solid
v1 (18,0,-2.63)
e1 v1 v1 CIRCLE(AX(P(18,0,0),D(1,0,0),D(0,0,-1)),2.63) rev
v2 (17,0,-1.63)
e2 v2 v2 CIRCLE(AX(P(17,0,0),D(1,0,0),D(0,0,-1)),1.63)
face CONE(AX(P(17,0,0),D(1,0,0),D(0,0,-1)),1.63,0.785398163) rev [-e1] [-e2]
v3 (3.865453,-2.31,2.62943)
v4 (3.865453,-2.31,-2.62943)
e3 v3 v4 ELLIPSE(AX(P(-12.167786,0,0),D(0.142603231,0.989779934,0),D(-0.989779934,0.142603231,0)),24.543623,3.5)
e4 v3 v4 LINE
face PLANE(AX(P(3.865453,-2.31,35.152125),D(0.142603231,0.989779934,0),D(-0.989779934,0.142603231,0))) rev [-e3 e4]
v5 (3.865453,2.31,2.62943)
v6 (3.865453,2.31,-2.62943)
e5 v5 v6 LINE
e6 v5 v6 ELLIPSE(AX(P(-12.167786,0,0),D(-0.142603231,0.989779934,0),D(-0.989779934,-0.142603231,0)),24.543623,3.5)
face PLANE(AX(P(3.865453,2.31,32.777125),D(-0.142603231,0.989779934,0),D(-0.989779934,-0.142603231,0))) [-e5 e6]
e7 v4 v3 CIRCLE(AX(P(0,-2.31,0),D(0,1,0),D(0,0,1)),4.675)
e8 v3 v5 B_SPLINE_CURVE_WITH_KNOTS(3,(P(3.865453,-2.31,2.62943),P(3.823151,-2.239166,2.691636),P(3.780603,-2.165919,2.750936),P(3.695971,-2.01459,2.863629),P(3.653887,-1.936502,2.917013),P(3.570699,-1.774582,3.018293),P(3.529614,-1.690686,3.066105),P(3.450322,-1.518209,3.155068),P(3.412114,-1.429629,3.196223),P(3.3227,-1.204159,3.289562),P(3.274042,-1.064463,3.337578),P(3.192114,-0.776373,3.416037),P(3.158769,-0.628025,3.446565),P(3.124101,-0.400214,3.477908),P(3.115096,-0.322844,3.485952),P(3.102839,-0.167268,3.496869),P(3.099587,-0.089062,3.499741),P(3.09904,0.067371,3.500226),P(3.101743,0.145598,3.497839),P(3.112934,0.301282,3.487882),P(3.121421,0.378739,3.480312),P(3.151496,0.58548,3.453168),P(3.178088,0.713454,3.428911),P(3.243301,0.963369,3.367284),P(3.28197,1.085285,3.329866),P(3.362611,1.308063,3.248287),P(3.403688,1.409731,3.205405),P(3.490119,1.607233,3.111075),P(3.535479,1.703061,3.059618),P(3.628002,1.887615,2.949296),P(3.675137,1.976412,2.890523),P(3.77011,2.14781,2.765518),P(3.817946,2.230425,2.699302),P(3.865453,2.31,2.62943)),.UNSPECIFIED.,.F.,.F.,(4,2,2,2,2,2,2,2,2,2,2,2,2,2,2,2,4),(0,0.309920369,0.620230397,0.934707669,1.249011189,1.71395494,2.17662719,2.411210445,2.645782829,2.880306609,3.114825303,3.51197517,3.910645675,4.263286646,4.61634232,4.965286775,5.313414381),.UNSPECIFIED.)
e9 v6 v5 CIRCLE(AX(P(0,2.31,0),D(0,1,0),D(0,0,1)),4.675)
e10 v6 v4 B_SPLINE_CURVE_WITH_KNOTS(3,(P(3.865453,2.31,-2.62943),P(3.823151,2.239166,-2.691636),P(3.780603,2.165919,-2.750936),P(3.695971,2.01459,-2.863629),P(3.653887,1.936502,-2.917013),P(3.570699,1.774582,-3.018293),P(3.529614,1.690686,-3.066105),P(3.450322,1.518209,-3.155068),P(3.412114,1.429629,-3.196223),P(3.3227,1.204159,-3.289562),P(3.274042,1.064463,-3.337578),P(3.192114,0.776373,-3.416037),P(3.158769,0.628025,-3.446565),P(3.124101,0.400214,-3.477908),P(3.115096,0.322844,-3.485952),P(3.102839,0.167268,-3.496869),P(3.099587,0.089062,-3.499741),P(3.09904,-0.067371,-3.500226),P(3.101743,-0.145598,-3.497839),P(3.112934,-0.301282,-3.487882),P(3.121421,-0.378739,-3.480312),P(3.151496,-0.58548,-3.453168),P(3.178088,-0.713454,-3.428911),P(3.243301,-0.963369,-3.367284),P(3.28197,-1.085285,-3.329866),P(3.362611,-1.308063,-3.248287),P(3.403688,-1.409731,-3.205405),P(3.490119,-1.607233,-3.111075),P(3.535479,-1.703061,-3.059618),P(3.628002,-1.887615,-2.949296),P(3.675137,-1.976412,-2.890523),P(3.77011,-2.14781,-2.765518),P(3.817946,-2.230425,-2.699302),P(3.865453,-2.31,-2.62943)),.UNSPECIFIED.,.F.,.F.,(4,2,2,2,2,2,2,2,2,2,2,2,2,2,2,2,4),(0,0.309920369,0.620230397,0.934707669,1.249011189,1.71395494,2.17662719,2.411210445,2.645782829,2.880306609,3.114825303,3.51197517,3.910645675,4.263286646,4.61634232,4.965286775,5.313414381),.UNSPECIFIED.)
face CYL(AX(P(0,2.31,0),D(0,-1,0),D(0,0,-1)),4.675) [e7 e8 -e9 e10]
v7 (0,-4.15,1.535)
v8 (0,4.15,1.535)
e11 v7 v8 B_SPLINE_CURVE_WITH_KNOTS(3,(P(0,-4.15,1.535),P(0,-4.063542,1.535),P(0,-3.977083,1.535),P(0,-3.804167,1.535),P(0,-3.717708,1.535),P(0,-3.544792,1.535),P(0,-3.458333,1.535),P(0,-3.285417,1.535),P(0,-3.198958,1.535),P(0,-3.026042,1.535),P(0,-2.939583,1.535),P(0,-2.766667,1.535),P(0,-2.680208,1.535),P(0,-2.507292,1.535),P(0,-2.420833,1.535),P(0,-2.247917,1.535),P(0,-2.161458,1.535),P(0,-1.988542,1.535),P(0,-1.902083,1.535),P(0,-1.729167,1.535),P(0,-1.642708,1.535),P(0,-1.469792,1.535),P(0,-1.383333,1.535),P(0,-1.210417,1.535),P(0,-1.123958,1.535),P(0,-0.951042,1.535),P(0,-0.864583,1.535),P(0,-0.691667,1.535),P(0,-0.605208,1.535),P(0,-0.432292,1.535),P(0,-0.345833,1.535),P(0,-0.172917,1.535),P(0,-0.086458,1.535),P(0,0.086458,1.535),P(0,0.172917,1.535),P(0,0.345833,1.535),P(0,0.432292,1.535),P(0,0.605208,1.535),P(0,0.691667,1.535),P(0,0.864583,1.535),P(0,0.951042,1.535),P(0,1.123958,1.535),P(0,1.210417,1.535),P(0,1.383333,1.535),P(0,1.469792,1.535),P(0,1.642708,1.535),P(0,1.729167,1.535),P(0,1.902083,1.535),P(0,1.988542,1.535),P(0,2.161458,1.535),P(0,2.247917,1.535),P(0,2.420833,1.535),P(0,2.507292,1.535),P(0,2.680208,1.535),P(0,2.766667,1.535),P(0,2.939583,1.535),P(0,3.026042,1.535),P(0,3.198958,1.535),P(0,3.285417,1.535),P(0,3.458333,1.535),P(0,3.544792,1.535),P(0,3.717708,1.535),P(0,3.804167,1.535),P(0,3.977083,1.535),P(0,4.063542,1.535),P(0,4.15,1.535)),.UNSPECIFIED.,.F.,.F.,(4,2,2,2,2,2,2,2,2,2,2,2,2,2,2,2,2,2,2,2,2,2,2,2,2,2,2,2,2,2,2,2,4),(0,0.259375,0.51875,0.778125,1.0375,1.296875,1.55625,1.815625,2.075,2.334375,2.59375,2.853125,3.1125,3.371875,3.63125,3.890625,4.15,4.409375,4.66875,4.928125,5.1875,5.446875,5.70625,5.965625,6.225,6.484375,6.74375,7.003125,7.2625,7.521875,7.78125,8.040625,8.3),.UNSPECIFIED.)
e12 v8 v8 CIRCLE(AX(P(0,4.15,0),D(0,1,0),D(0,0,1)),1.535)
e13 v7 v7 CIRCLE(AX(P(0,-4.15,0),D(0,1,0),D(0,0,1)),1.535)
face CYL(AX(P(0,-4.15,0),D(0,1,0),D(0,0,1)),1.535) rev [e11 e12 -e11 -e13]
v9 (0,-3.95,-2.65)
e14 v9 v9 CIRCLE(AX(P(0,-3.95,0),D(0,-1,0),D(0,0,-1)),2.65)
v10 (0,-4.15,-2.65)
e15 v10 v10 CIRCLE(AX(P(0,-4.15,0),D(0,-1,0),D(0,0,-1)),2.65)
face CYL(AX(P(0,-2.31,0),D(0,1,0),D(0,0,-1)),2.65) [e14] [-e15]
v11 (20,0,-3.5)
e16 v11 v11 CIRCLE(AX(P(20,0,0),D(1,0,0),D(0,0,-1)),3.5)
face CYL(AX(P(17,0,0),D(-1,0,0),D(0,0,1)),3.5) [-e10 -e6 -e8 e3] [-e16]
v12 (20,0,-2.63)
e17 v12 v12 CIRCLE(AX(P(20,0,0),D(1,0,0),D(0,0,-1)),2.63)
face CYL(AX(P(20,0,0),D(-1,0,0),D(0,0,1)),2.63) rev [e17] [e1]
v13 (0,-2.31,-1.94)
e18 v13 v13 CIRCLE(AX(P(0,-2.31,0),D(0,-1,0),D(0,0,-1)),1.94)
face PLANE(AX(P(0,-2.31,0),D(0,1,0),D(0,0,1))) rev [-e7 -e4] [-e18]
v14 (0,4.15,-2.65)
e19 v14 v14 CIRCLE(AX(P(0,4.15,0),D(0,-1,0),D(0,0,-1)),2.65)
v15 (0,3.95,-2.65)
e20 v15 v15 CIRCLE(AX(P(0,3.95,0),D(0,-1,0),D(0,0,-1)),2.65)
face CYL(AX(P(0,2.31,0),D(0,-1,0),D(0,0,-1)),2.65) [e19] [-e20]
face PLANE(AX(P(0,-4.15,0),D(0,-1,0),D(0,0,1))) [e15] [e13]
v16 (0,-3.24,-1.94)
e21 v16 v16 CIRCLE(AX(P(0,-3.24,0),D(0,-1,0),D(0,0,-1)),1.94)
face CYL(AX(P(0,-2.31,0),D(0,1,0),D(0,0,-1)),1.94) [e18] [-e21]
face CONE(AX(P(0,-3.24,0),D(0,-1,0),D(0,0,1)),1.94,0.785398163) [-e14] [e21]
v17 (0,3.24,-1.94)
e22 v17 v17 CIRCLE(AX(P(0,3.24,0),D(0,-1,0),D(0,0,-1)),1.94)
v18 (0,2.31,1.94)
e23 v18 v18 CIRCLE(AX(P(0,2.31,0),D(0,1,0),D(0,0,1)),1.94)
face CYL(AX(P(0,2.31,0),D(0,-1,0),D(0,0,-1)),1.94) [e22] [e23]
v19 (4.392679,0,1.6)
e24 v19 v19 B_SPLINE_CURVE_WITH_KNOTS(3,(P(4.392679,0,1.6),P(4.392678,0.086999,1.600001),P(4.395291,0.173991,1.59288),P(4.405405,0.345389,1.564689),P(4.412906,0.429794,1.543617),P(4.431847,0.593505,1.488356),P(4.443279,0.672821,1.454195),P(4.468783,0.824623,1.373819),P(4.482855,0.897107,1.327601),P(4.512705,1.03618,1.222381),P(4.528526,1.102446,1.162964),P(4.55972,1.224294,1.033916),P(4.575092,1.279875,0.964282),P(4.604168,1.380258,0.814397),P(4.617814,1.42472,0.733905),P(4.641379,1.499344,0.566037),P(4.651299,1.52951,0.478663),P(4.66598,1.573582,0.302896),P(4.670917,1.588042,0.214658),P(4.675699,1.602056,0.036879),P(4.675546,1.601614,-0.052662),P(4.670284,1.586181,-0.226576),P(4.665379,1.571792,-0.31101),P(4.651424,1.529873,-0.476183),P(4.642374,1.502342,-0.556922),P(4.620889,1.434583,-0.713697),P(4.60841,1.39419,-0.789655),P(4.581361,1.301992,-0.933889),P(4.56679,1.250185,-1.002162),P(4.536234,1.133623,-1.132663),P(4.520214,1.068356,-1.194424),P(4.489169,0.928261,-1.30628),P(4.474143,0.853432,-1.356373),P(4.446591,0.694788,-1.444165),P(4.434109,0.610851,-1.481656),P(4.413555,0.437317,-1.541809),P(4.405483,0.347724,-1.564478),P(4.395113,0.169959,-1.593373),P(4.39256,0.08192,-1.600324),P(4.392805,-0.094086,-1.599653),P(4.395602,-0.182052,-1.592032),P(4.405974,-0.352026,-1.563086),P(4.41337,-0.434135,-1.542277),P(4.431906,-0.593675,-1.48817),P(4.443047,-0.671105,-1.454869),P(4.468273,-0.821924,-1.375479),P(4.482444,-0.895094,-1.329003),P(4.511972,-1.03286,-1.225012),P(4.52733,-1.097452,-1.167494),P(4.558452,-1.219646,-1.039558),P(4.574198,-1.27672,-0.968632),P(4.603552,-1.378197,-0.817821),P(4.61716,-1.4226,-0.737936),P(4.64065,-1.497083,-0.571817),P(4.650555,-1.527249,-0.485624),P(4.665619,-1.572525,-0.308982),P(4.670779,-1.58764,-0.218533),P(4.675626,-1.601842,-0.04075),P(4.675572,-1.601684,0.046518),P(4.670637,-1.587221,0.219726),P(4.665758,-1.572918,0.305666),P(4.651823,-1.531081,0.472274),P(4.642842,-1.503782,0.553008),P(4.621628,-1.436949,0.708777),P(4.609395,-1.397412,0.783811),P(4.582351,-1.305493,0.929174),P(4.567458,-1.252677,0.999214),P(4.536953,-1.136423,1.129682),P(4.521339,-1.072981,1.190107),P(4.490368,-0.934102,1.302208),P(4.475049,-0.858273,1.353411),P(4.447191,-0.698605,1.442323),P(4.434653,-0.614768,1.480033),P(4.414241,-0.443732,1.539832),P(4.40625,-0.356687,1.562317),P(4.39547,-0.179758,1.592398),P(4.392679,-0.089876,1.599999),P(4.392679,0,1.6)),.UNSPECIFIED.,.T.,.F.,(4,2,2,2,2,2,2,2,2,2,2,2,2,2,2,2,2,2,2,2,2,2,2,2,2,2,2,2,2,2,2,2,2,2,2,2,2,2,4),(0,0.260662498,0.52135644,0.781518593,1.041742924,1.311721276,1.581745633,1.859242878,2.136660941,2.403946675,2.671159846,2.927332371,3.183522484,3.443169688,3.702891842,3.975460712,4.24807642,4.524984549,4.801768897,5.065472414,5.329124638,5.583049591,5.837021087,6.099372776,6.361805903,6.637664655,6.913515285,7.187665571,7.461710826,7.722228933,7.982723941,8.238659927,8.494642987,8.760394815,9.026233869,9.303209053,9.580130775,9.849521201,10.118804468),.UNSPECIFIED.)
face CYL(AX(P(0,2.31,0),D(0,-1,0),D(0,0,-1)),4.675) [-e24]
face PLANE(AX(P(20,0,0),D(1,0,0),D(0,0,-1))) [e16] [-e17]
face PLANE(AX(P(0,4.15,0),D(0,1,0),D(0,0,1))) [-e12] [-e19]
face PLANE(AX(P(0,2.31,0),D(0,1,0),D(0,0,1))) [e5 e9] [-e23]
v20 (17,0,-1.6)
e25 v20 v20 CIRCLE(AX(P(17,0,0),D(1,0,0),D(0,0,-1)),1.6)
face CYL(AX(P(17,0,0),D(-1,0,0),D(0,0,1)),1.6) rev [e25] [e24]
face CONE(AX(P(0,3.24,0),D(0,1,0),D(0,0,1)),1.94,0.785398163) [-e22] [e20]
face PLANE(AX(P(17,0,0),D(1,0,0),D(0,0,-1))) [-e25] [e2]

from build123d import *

# Parameters (mm, degrees)
SKETCH1_R           = 3.5
SKETCH1_R_2         = 2.63
SKETCH1_R_3         = 1.6
BOSS_EXTRUDE1_DEPTH = 17
SKETCH2_R           = 4.675
BOSS_EXTRUDE2_DEPTH = 2.31
CUT_EXTRUDE1_DEPTH  = 18.975139222
BOSS_EXTRUDE3_START = 17
SKETCH1_3_R         = 3.5
SKETCH1_3_R_2       = 2.63
BOSS_EXTRUDE3_DEPTH = 3
SKETCH5_R           = 1.535
CUT_EXTRUDE2_DEPTH  = 23.152779282
CHAMFER1_SIZE       = 1


with BuildPart() as part:
    # Sketch1 → Boss-Extrude1 (new body)
    # profile 1 of 2: a face of its own
    with BuildSketch(Plane(origin=(0, 0, 0), x_dir=(0, 0, -1), z_dir=(1, 0, 0))):
        Circle(SKETCH1_R)
        Circle(SKETCH1_R_2, mode=Mode.SUBTRACT)
    # profile 2 of 2: a face of its own
    with BuildSketch(Plane(origin=(0, 0, 0), x_dir=(0, 0, -1), z_dir=(1, 0, 0))):
        Circle(SKETCH1_R_2)
        Circle(SKETCH1_R_3, mode=Mode.SUBTRACT)
    extrude(amount=BOSS_EXTRUDE1_DEPTH)

    # Sketch2 → Boss-Extrude2 (add, symmetric)
    with BuildSketch(Plane(origin=(0, 0, 0), x_dir=(1, 0, 0), z_dir=(0, 1, 0))):
        Circle(SKETCH2_R)
    extrude(amount=BOSS_EXTRUDE2_DEPTH, both=True)

    # Sketch3 → Cut-Extrude1 (cut, symmetric)
    with BuildSketch(Plane.XY):
        Polygon((66.444481418, 11.326116973), (12.125, 3.5), (3.865452755, 2.31), (-4.675, 2.31), (-59.55536232, 2.31), (-67.389432633, 111.790792909), (58.610411105, 120.806909882), align=None)
    cut_extrude1 = extrude(amount=CUT_EXTRUDE1_DEPTH, both=True, mode=Mode.SUBTRACT)

    # Mirror1: Cut-Extrude1 across plane
    add(cut_extrude1.mirror(Plane.ZX), mode=Mode.SUBTRACT)

    # Sketch1<3> → Boss-Extrude3 (add)
    with BuildSketch(Plane(origin=(0, 0, 0), x_dir=(0, 0, -1), z_dir=(1, 0, 0)).offset(BOSS_EXTRUDE3_START)):
        with Locations(Location((0, 0, 0), (0, 0, 221.299872792))):
            Circle(SKETCH1_3_R)
        Circle(SKETCH1_3_R_2, mode=Mode.SUBTRACT)
    extrude(amount=BOSS_EXTRUDE3_DEPTH)

    # Sketch4 → Revolve1 (revolve)
    with BuildSketch(Plane.XY, mode=Mode.PRIVATE) as revolve1_sk:
        Polygon((0, 4.15), (2.65, 4.15), (2.65, 3.95), (1.94, 3.24), (1.94, 2.31), (0, 2.31), align=None)
    revolve1 = revolve(revolve1_sk.sketch.rotate(Axis((0, 2.31, 0), (0, 1, 0)), 90), axis=Axis((0, 2.31, 0), (0, 1, 0)))

    # Mirror2: Revolve1 across plane
    add(revolve1.mirror(Plane.ZX))

    # Sketch5 → Cut-Extrude2 (cut, through all)
    with BuildSketch(Plane(origin=(0, 4.15, 0), x_dir=(1, 0, 0), z_dir=(0, 1, 0))):
        with Locations(Location((0, 0, 0), (0, 0, 270))):
            Circle(SKETCH5_R)
    extrude(amount=-CUT_EXTRUDE2_DEPTH, mode=Mode.SUBTRACT)

    # Chamfer1
    chamfer1_edges = [part.edges().sort_by_distance(p)[0] for p in [
        (17, 0, 2.63),
    ]]
    chamfer(chamfer1_edges, length=CHAMFER1_SIZE)


solid = part.part
